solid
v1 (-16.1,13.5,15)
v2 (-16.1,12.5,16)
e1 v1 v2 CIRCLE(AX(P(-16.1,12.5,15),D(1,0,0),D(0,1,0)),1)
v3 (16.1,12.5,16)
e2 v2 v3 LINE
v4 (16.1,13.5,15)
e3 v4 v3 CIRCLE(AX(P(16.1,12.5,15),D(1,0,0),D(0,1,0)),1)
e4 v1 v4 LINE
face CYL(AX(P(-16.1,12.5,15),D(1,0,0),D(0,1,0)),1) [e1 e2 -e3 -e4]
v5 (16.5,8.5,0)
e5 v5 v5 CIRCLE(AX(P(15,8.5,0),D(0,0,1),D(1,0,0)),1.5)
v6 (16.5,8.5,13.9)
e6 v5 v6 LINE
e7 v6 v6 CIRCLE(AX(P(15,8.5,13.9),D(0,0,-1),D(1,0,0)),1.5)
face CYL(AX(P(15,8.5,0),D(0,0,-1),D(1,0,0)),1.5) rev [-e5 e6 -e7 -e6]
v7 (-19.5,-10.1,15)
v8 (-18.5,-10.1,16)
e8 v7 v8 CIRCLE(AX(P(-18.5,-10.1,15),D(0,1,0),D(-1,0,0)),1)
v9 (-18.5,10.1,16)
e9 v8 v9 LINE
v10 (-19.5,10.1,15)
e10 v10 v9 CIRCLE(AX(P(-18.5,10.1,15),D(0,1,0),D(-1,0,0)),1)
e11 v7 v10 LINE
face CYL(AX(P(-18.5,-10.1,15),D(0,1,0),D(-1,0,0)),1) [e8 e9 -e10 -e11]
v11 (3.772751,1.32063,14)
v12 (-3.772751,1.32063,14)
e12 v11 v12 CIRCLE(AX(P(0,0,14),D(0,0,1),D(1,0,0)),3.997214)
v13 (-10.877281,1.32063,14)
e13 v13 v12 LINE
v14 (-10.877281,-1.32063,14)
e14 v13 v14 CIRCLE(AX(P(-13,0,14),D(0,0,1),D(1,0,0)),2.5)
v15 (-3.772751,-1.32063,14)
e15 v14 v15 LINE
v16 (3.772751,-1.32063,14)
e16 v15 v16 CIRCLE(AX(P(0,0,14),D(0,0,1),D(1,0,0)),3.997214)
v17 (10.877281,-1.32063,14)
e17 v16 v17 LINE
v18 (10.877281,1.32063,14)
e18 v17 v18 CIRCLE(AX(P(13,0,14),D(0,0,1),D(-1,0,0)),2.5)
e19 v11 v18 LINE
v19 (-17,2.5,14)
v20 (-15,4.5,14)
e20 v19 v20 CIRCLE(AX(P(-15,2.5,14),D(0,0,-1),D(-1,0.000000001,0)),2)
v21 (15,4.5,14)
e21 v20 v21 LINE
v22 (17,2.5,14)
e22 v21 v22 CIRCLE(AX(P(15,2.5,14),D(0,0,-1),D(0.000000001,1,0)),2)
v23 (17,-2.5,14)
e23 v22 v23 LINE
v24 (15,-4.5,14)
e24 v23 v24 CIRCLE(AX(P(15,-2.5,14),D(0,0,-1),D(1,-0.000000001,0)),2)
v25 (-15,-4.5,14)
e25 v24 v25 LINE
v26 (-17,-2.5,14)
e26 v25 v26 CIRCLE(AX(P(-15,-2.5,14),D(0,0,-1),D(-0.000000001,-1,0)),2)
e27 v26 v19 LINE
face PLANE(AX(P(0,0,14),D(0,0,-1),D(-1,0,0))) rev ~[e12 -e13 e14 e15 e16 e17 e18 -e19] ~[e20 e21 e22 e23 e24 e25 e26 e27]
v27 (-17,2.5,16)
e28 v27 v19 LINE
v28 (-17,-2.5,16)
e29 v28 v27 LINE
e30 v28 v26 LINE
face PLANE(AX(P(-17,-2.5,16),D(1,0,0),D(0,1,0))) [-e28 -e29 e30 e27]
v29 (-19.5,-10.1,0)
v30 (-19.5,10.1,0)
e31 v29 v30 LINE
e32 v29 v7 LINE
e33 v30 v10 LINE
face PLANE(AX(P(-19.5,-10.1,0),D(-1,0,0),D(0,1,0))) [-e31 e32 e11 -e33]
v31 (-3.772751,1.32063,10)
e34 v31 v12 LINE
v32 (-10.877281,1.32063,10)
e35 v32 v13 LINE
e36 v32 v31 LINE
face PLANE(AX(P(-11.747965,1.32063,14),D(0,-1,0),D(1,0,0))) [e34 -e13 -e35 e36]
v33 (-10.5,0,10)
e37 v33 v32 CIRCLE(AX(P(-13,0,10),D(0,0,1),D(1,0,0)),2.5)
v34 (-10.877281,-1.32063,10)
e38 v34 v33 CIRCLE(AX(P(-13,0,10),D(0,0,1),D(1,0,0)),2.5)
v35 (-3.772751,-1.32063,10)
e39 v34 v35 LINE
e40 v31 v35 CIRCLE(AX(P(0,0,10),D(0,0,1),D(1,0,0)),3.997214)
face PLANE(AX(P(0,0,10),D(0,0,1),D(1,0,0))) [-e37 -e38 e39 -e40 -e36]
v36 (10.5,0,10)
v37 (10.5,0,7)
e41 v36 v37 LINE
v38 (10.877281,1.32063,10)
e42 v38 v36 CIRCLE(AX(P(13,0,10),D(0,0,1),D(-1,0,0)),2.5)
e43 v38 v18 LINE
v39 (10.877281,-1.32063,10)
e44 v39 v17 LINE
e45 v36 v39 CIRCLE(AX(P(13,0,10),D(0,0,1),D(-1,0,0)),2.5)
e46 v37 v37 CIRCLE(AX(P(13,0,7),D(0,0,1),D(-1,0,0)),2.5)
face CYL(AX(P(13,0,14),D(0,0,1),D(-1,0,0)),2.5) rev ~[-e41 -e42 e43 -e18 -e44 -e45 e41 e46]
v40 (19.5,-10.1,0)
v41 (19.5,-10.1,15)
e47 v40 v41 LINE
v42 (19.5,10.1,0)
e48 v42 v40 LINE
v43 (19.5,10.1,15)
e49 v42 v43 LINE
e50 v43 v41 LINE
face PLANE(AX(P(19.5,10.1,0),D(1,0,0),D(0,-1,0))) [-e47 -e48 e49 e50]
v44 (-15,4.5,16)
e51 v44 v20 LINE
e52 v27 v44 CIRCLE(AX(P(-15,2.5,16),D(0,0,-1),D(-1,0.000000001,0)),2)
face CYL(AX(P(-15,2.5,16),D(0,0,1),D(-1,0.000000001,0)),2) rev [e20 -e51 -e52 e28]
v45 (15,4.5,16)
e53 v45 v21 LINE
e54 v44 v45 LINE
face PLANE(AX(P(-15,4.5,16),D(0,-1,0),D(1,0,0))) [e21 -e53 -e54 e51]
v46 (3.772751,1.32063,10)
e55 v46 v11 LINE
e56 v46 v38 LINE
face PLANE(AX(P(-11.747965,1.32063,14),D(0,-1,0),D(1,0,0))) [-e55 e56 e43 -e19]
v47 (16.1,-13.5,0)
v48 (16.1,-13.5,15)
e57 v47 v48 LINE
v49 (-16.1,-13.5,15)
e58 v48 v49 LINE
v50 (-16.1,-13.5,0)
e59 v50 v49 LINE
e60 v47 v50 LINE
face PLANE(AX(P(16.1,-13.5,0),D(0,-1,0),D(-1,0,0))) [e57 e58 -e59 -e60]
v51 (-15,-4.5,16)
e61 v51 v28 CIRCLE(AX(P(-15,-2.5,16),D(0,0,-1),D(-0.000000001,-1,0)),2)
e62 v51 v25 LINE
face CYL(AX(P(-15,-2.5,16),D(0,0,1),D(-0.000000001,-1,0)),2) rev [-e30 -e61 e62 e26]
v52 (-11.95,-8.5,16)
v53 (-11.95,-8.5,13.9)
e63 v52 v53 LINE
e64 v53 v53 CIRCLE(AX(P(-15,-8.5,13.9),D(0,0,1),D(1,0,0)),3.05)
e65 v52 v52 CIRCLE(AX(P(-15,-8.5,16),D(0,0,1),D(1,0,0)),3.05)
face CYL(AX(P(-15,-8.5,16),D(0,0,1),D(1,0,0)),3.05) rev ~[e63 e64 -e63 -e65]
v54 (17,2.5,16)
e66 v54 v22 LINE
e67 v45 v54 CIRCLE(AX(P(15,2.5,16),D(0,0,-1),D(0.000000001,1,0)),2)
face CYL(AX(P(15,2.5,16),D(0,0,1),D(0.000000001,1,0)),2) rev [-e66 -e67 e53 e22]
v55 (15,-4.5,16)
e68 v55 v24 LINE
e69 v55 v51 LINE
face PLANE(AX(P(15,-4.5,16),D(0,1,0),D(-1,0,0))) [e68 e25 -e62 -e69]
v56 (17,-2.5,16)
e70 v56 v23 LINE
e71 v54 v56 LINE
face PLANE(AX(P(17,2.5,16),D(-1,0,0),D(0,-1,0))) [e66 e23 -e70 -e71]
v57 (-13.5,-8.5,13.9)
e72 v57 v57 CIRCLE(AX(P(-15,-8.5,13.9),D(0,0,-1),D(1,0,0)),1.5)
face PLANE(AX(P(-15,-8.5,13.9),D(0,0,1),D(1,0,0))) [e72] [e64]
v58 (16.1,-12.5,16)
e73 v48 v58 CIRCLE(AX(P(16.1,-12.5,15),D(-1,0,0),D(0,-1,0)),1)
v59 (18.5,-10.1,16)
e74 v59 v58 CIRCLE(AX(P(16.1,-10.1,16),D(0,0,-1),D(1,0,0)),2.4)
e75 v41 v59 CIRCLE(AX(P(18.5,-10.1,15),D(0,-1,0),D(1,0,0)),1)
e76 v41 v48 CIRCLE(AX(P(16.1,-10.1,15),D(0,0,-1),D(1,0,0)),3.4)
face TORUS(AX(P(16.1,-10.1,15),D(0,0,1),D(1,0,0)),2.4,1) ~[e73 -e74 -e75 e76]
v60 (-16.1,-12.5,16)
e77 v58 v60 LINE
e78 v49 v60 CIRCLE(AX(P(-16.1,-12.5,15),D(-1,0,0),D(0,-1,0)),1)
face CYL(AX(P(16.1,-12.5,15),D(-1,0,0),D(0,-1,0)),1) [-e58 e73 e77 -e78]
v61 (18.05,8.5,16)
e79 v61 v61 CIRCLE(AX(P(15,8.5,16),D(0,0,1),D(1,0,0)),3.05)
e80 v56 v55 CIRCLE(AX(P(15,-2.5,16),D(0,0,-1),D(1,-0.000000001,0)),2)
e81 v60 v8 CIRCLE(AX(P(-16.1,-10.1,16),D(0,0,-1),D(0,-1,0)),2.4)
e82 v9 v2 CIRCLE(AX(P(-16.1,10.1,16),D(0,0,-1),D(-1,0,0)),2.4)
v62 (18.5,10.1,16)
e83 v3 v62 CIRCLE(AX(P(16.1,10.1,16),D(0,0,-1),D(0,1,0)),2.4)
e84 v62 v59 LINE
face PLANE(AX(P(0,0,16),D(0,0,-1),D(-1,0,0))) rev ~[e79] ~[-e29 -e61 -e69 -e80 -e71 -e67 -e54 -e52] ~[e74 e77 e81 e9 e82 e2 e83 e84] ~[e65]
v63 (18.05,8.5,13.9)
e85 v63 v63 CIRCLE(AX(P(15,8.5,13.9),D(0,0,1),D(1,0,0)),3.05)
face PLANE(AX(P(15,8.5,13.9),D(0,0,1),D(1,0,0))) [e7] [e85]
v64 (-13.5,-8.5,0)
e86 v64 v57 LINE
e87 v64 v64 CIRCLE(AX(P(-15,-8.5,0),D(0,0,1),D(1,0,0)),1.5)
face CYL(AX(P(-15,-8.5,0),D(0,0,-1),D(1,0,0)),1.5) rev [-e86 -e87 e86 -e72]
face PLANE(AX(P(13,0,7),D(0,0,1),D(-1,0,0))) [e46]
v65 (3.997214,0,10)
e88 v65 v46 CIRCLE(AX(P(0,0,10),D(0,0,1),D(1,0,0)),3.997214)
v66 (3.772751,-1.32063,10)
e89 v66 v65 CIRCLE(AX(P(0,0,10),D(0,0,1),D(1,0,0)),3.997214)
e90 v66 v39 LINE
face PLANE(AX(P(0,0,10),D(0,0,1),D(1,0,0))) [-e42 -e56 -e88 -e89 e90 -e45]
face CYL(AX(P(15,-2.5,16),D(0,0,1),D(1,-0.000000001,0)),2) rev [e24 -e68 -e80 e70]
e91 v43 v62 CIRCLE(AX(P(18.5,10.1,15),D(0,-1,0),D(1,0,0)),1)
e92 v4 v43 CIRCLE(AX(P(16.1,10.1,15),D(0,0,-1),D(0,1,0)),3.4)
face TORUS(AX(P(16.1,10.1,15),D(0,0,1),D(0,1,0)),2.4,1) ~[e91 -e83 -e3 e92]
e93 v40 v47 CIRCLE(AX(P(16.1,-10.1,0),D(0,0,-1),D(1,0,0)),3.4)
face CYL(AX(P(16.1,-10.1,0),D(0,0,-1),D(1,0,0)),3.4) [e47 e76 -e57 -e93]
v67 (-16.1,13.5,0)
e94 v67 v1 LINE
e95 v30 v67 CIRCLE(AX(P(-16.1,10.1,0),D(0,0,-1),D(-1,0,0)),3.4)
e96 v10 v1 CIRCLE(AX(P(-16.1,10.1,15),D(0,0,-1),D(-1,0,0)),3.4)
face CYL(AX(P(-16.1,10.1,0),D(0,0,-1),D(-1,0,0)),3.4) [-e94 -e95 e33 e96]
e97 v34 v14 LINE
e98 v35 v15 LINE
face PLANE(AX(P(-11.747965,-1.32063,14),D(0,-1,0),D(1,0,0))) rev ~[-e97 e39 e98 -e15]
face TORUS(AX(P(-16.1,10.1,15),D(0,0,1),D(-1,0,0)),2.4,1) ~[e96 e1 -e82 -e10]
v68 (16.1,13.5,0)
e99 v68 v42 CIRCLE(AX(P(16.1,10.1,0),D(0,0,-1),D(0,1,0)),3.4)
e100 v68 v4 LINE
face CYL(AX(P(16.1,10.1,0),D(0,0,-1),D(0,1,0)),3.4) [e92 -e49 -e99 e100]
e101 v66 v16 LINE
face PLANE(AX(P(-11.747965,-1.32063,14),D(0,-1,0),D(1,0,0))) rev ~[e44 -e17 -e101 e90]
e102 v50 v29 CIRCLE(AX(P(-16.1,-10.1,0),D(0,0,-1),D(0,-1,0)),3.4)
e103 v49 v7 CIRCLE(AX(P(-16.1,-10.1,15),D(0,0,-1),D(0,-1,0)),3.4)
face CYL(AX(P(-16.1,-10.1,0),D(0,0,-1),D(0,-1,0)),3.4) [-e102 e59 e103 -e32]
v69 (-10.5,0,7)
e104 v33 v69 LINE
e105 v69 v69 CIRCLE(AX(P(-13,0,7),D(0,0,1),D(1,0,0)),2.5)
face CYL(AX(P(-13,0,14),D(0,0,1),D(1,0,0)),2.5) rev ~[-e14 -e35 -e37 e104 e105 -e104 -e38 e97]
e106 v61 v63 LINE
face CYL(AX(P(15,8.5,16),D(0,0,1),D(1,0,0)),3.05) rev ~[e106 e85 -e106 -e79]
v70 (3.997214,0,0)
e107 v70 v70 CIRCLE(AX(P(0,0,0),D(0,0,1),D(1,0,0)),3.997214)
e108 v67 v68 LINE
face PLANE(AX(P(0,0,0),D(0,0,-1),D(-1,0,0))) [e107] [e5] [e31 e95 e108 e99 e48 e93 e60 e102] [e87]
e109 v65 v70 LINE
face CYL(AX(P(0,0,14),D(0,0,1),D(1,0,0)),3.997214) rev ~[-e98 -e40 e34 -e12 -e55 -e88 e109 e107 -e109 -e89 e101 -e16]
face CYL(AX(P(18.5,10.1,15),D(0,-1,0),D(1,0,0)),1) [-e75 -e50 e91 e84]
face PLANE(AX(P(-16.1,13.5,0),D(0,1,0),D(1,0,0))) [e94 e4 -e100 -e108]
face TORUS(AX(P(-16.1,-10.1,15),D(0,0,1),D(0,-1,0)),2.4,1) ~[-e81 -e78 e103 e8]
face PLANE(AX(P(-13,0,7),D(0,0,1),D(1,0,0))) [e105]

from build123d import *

# Parameters (mm, degrees)
SKIZZE1_R                       = 1.5
AUFSATZ_LINEAR_AUSTRAGEN1_DEPTH = 16
SCHNITT_LINEAR_AUSTRAGEN1_DEPTH = 2
SKIZZE3_R                       = 2.5
SCHNITT_LINEAR_AUSTRAGEN2_DEPTH = 7
SKIZZE4_R                       = 3.05
SCHNITT_LINEAR_AUSTRAGEN3_DEPTH = 2.1
VERRUNDUNG1_R                   = 1
SKIZZE5_R                       = 3.997213622
SCHNITT_LINEAR_AUSTRAGEN4_DEPTH = 28.540878708
SKIZZE6_W                       = 23.495930852
SKIZZE6_H                       = 2.64125978
SCHNITT_LINEAR_AUSTRAGEN5_DEPTH = 4


with BuildPart() as part:
    # Skizze1 → Aufsatz-Linear austragen1 (new body)
    with BuildSketch(Plane.XY):
        with BuildLine():
            Line((-16.1, 13.5), (16.1, 13.5))
            ThreePointArc((16.1, 13.5), (18.504163056, 12.504163056), (19.5, 10.1))
            Line((19.5, 10.1), (19.5, -10.1))
            ThreePointArc((19.5, -10.1), (18.504163056, -12.504163056), (16.1, -13.5))
            Line((16.1, -13.5), (-16.1, -13.5))
            ThreePointArc((-16.1, -13.5), (-18.504163056, -12.504163056), (-19.5, -10.1))
            Line((-19.5, -10.1), (-19.5, 10.1))
            ThreePointArc((-19.5, 10.1), (-18.504163056, 12.504163056), (-16.1, 13.5))
        make_face()
        with Locations((15, 8.5)):
            Circle(SKIZZE1_R, mode=Mode.SUBTRACT)
        with Locations((-15, -8.5)):
            Circle(SKIZZE1_R, mode=Mode.SUBTRACT)
    extrude(amount=AUFSATZ_LINEAR_AUSTRAGEN1_DEPTH)

    # Skizze2 → Schnitt-Linear austragen1 (cut)
    with BuildSketch(Plane.XY.offset(16)):
        with BuildLine():
            Line((-15, 4.5), (15, 4.5))
            ThreePointArc((15, 4.5), (16.414213562, 3.914213562), (17, 2.5))
            Line((17, 2.5), (17, -2.5))
            ThreePointArc((17, -2.5), (16.414213562, -3.914213562), (15, -4.5))
            Line((15, -4.5), (-15, -4.5))
            ThreePointArc((-15, -4.5), (-16.414213562, -3.914213562), (-17, -2.5))
            Line((-17, -2.5), (-17, 2.5))
            ThreePointArc((-17, 2.5), (-16.414213562, 3.914213562), (-15, 4.5))
        make_face()
    extrude(amount=-SCHNITT_LINEAR_AUSTRAGEN1_DEPTH, mode=Mode.SUBTRACT)

    # Skizze3 → Schnitt-Linear austragen2 (cut)
    with BuildSketch(Plane.XY.offset(14)):
        with Locations((-13, 0)):
            Circle(SKIZZE3_R)
        with Locations(Location((13, 0, 0), (0, 0, 180))):
            Circle(SKIZZE3_R)
    extrude(amount=-SCHNITT_LINEAR_AUSTRAGEN2_DEPTH, mode=Mode.SUBTRACT)

    # Skizze4 → Schnitt-Linear austragen3 (cut)
    with BuildSketch(Plane.XY.offset(16)):
        with Locations((15, 8.5)):
            Circle(SKIZZE4_R)
        with Locations((-15, -8.5)):
            Circle(SKIZZE4_R)
    extrude(amount=-SCHNITT_LINEAR_AUSTRAGEN3_DEPTH, mode=Mode.SUBTRACT)

    # Verrundung1
    verrundung1_edges = [part.edges().sort_by_distance(p)[0] for p in [
        (-18.504163056, 12.504163056, 16),
        (-19.5, 0, 16),
        (-18.504163056, -12.504163056, 16),
        (0, -13.5, 16),
        (18.504163056, -12.504163056, 16),
        (19.5, 0, 16),
        (18.504163056, 12.504163056, 16),
        (0, 13.5, 16),
    ]]
    fillet(verrundung1_edges, radius=VERRUNDUNG1_R)

    # Skizze5 → Schnitt-Linear austragen4 (cut, through all)
    with BuildSketch(Plane.XY.offset(14)):
        Circle(SKIZZE5_R)
    extrude(amount=-SCHNITT_LINEAR_AUSTRAGEN4_DEPTH, mode=Mode.SUBTRACT)

    # Skizze6 → Schnitt-Linear austragen5 (cut)
    with BuildSketch(Plane.XY.offset(14)):
        Rectangle(SKIZZE6_W, SKIZZE6_H)
    extrude(amount=-SCHNITT_LINEAR_AUSTRAGEN5_DEPTH, mode=Mode.SUBTRACT)


solid = part.part
